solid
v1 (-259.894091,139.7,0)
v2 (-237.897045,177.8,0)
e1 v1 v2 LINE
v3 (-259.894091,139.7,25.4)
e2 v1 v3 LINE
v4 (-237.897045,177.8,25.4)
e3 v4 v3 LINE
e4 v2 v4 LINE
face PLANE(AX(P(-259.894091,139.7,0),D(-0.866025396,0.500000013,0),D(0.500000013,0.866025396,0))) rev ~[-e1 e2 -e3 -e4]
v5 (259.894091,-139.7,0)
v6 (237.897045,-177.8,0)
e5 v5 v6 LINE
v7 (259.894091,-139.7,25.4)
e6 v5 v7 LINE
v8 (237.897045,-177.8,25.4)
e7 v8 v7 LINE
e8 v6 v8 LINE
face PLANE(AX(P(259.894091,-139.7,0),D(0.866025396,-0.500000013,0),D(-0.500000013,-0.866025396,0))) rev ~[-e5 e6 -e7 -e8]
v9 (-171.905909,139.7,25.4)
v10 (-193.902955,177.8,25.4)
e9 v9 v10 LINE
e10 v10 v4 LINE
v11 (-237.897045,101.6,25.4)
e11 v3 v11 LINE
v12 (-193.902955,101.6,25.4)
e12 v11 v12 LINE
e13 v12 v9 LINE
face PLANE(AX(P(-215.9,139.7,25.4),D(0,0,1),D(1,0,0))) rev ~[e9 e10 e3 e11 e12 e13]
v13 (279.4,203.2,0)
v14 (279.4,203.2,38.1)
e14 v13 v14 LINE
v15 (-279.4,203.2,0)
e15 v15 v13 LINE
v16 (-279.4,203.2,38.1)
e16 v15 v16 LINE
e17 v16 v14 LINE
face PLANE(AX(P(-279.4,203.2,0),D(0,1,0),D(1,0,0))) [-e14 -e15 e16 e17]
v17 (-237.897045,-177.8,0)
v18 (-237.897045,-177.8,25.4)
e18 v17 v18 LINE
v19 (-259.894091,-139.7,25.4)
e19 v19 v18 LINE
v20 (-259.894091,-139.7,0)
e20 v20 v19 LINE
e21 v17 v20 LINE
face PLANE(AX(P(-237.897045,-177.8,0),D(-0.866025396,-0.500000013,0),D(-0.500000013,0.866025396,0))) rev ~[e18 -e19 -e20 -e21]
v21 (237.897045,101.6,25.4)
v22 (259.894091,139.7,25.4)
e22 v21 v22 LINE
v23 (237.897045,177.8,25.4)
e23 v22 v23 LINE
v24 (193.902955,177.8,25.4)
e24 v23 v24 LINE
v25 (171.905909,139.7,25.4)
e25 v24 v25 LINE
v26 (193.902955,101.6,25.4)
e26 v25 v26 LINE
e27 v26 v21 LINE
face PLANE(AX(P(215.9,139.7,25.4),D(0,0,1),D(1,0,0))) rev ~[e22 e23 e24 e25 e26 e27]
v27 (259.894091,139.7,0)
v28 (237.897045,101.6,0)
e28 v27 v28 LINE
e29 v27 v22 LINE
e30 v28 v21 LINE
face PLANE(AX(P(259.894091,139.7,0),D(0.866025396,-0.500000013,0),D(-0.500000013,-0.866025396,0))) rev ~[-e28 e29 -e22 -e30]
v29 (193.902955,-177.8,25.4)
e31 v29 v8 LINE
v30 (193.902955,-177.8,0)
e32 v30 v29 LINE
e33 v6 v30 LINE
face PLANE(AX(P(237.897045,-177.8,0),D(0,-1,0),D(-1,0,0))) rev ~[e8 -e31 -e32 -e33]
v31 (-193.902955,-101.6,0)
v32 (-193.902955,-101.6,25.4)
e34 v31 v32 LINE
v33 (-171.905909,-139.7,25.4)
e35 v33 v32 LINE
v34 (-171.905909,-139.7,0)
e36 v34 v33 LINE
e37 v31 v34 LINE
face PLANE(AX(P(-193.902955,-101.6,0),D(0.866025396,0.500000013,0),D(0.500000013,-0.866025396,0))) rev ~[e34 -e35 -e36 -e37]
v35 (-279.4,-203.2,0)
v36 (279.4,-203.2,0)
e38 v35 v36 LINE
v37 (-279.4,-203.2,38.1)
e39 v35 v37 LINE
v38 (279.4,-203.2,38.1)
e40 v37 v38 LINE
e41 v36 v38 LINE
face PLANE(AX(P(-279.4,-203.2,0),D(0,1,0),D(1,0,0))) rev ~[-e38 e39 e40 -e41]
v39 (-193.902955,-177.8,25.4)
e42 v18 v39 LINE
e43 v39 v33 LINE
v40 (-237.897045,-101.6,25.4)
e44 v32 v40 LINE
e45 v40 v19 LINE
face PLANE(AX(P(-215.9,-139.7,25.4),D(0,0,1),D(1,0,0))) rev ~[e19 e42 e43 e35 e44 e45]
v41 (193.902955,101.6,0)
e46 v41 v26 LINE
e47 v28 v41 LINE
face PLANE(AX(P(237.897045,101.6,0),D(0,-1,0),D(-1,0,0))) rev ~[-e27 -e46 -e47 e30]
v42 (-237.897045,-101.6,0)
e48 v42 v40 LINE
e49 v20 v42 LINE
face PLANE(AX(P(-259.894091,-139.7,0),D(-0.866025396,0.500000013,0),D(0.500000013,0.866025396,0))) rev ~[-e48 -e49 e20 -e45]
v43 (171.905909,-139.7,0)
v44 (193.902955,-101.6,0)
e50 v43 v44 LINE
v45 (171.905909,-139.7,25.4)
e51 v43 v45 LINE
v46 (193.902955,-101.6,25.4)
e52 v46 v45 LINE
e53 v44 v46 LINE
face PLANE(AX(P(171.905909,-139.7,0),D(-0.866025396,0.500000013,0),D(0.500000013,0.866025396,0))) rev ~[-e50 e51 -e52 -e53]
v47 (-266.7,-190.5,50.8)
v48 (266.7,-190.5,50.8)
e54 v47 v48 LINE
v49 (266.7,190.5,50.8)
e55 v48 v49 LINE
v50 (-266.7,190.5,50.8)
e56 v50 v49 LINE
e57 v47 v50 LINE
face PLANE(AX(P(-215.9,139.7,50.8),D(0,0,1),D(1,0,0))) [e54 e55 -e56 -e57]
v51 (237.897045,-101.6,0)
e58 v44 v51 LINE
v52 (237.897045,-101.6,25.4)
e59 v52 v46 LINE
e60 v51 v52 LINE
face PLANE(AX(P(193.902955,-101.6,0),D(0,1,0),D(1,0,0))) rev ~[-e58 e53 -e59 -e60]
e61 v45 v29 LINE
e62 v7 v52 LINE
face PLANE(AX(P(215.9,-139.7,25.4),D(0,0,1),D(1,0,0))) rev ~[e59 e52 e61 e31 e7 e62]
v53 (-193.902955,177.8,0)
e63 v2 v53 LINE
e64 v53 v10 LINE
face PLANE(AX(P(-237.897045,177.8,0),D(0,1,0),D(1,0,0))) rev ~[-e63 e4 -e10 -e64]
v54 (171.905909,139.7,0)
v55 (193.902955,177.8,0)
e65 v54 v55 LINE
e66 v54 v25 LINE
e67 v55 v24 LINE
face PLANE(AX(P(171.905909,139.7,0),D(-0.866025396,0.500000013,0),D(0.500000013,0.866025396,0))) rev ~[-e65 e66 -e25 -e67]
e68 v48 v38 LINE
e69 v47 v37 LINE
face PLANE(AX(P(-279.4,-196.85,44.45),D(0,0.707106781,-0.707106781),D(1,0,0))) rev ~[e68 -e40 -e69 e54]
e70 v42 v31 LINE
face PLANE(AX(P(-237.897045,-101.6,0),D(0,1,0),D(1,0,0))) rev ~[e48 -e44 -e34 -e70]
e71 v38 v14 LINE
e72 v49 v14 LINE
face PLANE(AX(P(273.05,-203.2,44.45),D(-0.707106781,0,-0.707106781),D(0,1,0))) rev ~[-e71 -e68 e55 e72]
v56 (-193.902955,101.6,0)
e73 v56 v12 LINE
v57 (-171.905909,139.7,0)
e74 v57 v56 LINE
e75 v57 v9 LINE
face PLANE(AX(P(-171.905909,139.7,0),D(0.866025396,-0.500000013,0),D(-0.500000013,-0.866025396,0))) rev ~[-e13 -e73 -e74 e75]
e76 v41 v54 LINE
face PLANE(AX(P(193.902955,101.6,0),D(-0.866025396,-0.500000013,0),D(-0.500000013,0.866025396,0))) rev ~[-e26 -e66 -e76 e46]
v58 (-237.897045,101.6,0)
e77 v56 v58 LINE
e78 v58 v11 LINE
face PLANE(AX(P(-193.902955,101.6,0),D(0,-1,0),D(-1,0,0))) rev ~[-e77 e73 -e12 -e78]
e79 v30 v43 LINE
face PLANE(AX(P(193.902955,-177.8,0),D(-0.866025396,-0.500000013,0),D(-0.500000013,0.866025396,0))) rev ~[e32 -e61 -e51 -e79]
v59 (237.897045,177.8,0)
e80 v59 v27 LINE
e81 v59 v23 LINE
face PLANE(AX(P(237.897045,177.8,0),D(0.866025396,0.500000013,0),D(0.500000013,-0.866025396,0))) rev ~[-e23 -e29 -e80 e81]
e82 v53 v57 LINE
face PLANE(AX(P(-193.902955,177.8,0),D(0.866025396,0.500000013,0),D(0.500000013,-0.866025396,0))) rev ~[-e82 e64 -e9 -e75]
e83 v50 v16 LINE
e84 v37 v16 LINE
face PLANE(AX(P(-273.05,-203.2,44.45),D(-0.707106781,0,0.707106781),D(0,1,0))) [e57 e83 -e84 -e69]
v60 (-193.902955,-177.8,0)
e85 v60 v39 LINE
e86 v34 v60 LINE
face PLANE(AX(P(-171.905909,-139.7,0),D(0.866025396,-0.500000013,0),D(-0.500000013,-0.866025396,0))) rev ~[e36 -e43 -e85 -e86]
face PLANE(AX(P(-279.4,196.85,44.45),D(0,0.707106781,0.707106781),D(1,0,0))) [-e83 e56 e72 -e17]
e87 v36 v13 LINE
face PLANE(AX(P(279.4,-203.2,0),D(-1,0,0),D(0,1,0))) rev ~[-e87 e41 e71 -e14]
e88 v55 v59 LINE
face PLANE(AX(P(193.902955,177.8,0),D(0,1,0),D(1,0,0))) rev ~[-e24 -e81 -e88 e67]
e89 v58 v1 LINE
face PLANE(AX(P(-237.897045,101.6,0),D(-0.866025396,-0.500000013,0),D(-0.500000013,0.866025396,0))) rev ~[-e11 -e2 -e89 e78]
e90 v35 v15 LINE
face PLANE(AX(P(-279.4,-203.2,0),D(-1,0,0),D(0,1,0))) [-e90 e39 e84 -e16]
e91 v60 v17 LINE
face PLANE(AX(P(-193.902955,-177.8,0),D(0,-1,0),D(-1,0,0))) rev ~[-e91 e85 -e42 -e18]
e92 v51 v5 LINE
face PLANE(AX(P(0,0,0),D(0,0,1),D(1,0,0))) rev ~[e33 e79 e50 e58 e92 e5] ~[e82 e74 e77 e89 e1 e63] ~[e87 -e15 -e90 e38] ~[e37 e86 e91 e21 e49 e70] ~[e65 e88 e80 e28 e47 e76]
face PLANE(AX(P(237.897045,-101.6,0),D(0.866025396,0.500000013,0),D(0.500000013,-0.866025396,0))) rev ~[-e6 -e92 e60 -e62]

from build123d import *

# Parameters (mm, degrees)
F0_W     = 558.8
F0_H     = 406.4
F1_DEPTH = 50.8
F3_DEPTH = 25.4
F4_SIZE  = 12.7


with BuildPart() as f1:
    # F0 (on Top) → F1 (new body)
    with BuildSketch(Plane.XY):
        Rectangle(F0_W, F0_H)
        Polygon((-171.905909, -139.7), (-193.902955, -177.8), (-237.897045, -177.8), (-259.894091, -139.7), (-237.897045, -101.6), (-193.902955, -101.6), align=None, mode=Mode.SUBTRACT)
        Polygon((259.894091, -139.7), (237.897045, -177.8), (193.902955, -177.8), (171.905909, -139.7), (193.902955, -101.6), (237.897045, -101.6), align=None, mode=Mode.SUBTRACT)
        Polygon((-171.905909, 139.7), (-193.902955, 101.6), (-237.897045, 101.6), (-259.894091, 139.7), (-237.897045, 177.8), (-193.902955, 177.8), align=None, mode=Mode.SUBTRACT)
        Polygon((259.894091, 139.7), (237.897045, 101.6), (193.902955, 101.6), (171.905909, 139.7), (193.902955, 177.8), (237.897045, 177.8), align=None, mode=Mode.SUBTRACT)
    extrude(amount=F1_DEPTH)

    # F2 (on face) → F3 (join)
    with BuildSketch(Plane.XY.offset(50.8)):
        Polygon((-237.897045, 101.6), (-193.902955, 101.6), (-171.905909, 139.7), (-193.902955, 177.8), (-237.897045, 177.8), (-259.894091, 139.7), align=None)
        Polygon((193.902955, 101.6), (237.897045, 101.6), (259.894091, 139.7), (237.897045, 177.8), (193.902955, 177.8), (171.905909, 139.7), align=None)
        Polygon((-237.897045, -177.8), (-193.902955, -177.8), (-171.905909, -139.7), (-193.902955, -101.6), (-237.897045, -101.6), (-259.894091, -139.7), align=None)
        Polygon((193.902955, -177.8), (237.897045, -177.8), (259.894091, -139.7), (237.897045, -101.6), (193.902955, -101.6), (171.905909, -139.7), align=None)
    extrude(amount=-F3_DEPTH)

    # F4
    f4_edges = [f1.edges().sort_by_distance(p)[0] for p in [
        (279.4, 0, 50.8),
        (0, -203.2, 50.8),
        (0, 203.2, 50.8),
        (-279.4, 0, 50.8),
    ]]
    chamfer(f4_edges, length=F4_SIZE)


solid = f1.part
